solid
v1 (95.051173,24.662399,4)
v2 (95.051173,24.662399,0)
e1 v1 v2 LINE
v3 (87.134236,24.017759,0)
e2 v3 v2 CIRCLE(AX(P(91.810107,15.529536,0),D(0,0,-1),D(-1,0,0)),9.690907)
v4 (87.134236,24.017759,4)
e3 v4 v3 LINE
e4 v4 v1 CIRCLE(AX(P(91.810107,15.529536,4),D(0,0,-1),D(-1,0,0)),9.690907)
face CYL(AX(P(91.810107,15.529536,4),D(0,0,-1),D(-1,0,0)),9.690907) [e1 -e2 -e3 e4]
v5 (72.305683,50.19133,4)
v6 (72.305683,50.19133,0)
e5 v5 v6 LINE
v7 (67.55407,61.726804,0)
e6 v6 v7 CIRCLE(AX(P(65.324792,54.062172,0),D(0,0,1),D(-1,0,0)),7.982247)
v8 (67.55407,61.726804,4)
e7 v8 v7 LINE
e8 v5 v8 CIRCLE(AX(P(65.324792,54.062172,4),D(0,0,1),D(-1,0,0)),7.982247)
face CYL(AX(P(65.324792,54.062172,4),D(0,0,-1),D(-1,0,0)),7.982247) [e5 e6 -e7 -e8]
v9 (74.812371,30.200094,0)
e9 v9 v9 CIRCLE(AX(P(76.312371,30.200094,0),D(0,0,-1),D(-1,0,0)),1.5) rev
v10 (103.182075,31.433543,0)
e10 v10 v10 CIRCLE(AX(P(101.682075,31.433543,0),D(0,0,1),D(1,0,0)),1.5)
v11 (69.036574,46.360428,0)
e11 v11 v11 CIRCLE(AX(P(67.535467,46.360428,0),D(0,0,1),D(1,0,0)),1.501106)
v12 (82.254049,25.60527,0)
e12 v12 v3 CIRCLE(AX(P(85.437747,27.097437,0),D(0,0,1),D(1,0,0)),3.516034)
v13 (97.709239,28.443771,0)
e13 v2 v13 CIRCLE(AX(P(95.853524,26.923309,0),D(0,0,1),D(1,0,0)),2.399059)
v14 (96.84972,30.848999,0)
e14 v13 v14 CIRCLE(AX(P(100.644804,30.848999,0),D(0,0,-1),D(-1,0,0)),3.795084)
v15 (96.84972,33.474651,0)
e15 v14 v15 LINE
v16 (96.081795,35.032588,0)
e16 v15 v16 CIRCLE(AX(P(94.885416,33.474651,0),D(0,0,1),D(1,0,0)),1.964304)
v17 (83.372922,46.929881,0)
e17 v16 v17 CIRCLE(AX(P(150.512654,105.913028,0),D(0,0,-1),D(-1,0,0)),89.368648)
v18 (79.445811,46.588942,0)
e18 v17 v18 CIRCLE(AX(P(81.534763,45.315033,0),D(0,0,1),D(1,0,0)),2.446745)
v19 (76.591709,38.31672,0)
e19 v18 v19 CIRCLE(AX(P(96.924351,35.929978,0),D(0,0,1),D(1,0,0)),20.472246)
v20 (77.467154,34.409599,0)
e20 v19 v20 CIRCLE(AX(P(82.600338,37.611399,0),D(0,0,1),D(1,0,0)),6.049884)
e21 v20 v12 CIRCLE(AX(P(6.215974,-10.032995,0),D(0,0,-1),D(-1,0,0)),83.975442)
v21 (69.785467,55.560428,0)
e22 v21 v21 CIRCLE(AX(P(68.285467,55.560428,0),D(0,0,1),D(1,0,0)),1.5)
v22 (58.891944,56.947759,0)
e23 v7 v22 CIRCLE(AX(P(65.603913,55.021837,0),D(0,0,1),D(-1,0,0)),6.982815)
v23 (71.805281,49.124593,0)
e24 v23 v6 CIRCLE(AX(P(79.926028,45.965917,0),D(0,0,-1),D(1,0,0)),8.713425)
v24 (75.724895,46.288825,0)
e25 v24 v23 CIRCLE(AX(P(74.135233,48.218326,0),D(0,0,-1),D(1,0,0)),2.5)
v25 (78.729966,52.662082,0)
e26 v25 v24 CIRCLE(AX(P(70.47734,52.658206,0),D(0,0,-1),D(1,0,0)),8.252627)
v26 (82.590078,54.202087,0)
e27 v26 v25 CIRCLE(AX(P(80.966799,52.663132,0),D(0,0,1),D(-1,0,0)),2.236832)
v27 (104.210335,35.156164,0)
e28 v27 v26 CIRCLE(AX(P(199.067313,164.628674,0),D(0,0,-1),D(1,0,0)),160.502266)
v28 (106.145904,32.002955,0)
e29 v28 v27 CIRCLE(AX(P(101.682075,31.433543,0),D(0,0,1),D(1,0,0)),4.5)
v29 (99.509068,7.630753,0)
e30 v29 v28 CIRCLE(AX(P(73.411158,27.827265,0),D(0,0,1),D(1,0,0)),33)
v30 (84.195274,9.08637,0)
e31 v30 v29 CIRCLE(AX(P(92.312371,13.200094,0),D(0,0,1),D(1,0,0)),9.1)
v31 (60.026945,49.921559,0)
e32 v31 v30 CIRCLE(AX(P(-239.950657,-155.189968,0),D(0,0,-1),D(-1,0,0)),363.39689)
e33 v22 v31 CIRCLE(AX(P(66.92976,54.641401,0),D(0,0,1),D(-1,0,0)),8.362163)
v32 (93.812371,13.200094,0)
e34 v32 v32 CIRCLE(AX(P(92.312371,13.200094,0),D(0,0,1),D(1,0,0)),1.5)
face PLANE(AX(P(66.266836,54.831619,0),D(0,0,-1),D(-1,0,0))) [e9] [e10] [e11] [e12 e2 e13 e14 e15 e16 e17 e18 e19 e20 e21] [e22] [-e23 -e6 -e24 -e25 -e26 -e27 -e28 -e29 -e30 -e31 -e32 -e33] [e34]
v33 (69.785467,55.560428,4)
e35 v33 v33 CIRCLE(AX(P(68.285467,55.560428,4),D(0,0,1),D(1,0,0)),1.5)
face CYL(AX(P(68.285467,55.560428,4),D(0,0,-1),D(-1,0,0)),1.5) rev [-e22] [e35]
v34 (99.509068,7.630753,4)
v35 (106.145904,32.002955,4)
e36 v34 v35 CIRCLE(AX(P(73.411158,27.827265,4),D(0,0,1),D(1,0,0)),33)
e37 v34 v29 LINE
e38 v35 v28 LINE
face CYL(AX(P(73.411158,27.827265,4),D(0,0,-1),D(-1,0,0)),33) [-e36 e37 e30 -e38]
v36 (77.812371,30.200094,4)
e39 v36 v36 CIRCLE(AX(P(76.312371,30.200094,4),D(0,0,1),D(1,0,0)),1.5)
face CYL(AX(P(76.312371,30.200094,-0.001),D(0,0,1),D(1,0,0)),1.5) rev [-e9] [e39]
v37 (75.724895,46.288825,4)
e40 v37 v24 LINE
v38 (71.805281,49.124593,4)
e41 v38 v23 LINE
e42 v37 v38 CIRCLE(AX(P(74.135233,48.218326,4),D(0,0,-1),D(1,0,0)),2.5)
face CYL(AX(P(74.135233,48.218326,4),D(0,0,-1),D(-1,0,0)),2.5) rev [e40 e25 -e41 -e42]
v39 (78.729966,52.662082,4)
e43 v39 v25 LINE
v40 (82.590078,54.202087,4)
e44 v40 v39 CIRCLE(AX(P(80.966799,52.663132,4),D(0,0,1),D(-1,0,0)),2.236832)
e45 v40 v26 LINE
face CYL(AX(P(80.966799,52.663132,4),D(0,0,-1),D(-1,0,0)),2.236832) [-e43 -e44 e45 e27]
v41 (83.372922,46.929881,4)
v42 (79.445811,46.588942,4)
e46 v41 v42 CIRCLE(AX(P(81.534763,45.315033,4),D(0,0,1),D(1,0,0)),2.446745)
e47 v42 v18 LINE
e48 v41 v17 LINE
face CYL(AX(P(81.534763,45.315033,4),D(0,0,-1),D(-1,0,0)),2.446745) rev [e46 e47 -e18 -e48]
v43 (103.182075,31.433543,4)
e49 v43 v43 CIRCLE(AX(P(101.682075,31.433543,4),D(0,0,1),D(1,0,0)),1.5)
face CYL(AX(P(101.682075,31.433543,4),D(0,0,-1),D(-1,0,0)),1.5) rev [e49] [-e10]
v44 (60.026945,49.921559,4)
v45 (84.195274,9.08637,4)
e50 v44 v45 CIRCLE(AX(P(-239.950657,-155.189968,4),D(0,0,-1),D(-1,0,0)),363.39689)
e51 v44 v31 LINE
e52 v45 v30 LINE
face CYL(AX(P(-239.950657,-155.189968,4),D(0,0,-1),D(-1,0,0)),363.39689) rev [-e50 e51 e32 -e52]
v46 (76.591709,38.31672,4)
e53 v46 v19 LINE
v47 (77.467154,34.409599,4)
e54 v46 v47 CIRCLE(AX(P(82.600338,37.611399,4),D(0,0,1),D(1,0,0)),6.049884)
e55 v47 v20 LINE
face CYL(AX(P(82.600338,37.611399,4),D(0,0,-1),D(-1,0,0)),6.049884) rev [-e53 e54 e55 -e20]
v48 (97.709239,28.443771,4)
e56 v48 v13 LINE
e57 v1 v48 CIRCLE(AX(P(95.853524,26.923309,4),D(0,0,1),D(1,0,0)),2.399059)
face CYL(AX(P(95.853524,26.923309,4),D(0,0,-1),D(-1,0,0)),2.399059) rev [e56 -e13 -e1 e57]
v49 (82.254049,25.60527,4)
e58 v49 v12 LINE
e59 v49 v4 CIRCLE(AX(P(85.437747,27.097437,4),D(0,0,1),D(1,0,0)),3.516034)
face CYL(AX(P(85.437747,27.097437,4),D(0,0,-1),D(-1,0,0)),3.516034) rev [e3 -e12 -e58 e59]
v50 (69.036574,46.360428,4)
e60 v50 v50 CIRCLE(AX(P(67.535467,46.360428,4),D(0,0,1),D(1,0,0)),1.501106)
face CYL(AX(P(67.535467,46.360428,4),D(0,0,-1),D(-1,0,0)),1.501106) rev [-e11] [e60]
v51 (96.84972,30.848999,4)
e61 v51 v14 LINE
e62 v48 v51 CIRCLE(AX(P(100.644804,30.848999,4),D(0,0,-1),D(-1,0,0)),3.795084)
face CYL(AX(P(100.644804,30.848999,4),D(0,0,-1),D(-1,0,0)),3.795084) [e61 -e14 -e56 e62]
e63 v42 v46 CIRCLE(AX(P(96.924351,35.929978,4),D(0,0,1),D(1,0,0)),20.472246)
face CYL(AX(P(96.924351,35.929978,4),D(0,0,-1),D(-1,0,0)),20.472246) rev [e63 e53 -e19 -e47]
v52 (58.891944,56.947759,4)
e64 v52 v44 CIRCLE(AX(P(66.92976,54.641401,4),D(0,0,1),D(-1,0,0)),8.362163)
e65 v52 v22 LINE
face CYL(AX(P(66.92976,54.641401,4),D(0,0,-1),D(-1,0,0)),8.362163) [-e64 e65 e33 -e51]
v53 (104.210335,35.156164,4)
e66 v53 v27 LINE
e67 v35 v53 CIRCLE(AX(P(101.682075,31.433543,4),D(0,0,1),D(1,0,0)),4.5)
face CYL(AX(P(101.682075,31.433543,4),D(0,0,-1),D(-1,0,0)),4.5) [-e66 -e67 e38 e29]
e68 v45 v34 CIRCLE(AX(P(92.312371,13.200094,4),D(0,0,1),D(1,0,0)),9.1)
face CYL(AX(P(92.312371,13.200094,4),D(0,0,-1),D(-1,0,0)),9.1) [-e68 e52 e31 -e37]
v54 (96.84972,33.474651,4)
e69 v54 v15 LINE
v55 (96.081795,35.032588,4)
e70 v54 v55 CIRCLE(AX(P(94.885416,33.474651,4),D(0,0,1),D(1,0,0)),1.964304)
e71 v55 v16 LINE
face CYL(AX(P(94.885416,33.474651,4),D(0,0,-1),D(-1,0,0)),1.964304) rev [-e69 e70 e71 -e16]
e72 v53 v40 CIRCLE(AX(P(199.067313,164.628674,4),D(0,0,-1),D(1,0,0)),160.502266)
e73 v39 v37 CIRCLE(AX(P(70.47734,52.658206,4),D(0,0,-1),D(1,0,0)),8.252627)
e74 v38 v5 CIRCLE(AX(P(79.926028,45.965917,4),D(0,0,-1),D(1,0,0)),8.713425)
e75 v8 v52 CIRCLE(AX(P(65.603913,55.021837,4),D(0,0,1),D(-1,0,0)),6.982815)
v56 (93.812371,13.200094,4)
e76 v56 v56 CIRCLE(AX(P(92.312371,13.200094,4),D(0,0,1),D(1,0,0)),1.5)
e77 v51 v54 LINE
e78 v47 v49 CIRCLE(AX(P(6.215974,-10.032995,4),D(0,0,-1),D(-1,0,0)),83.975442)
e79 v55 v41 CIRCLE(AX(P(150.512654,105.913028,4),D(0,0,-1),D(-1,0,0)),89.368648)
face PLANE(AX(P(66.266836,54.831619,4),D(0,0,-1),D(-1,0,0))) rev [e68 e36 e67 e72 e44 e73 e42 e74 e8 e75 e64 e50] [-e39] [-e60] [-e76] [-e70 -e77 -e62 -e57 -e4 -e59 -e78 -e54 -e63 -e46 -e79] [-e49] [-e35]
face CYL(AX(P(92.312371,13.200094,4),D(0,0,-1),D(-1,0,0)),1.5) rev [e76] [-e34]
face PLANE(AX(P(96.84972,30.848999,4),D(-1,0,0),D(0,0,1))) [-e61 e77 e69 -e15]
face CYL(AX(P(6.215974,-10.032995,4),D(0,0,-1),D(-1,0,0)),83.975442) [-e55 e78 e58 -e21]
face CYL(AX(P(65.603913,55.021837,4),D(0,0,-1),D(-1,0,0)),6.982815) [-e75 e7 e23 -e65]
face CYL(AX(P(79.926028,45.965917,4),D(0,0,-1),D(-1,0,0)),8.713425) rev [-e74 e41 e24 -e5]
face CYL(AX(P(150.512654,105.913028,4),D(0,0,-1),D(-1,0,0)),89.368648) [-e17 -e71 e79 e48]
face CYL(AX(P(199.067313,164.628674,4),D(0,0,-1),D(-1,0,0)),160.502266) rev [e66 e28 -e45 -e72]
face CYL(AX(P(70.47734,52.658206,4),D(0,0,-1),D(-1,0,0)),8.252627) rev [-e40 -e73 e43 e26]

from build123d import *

# Parameters (mm, degrees)
ESQUISSE1_R             = 1.5
ESQUISSE1_R_2           = 1.50110642
BOSS_EXTRU_1_DEPTH      = 4
ENL_V_MAT_EXTRU_1_REACH = 125.223
ESQUISSE2_R             = 1.5


with BuildPart() as part:
    # Esquisse1 → Boss.-Extru.1 (new body)
    with BuildSketch(Plane.XY):
        with BuildLine():
            ThreePointArc((60.026944648, 49.921558504), (72.778337749, 29.898863696), (84.195273994, 9.086369847))
            ThreePointArc((84.195273994, 9.086369847), (91.451273571, 4.140927091), (99.509067829, 7.630753106))
            ThreePointArc((99.509067829, 7.630753106), (105.251720368, 19.156706799), (106.145904128, 32.002955361))
            ThreePointArc((106.145904128, 32.002955361), (105.517176975, 33.787686969), (104.210334733, 35.15616353))
            ThreePointArc((104.210334733, 35.15616353), (92.971958662, 44.192993768), (82.590078147, 54.202087354))
            ThreePointArc((82.590078147, 54.202087354), (80.137934282, 54.740727896), (78.729966346, 52.662081831))
            ThreePointArc((78.729966346, 52.662081831), (77.941811074, 49.138614128), (75.724895458, 46.288824918))
            ThreePointArc((75.724895458, 46.288824918), (72.669831469, 46.192839127), (71.805280587, 49.124593043))
            ThreePointArc((71.805280587, 49.124593043), (72.037430034, 49.666429843), (72.305683245, 50.1913305))
            ThreePointArc((72.305683245, 50.1913305), (72.705414889, 57.102347775), (67.554070479, 61.726804061))
            ThreePointArc((67.554070479, 61.726804061), (62.230705401, 61.135851095), (58.891944342, 56.947758957))
            ThreePointArc((58.891944342, 56.947758957), (58.674610839, 53.307878055), (60.026944648, 49.921558504))
        make_face()
        with Locations((68.285467108, 55.560427953)):
            Circle(ESQUISSE1_R, mode=Mode.SUBTRACT)
        with Locations((101.682075096, 31.433543054)):
            Circle(ESQUISSE1_R, mode=Mode.SUBTRACT)
        with Locations((92.312371453, 13.200094295)):
            Circle(ESQUISSE1_R, mode=Mode.SUBTRACT)
        with Locations((67.535467108, 46.360427953)):
            Circle(ESQUISSE1_R_2, mode=Mode.SUBTRACT)
        with BuildLine():
            Line((96.849719723, 30.848999233), (96.849719723, 33.474650871))
            ThreePointArc((96.849719723, 33.474650871), (96.647309876, 34.343108764), (96.081794601, 35.032587793))
            ThreePointArc((96.081794601, 35.032587793), (89.436975045, 40.671042336), (83.372922141, 46.929880801))
            ThreePointArc((83.372922141, 46.929880801), (81.323140328, 47.752609653), (79.445810973, 46.588941858))
            ThreePointArc((79.445810973, 46.588941858), (77.571604785, 42.607109512), (76.591708968, 38.316720036))
            ThreePointArc((76.591708968, 38.316720036), (76.69683067, 36.288635677), (77.467153905, 34.409598995))
            ThreePointArc((77.467153905, 34.409598995), (79.992055499, 30.078906011), (82.254048976, 25.605270433))
            ThreePointArc((82.254048976, 25.605270433), (84.350090923, 23.753861276), (87.134236378, 24.017758597))
            ThreePointArc((87.134236378, 24.017758597), (91.023623533, 25.188476532), (95.051173024, 24.662398573))
            ThreePointArc((95.051173024, 24.662398573), (97.816197879, 25.543673578), (97.709238653, 28.443771474))
            ThreePointArc((97.709238653, 28.443771474), (97.07105369, 29.571903567), (96.849719723, 30.848999233))
        make_face(mode=Mode.SUBTRACT)
    extrude(amount=BOSS_EXTRU_1_DEPTH)

    # Esquisse2 → Enlèv. mat.-Extru.1 (cut, up to next)
    with BuildSketch(Plane.XY.offset(4), mode=Mode.PRIVATE) as enl_v_mat_extru_1_sk1:
        with Locations((76.312371453, 30.200094295)):
            Circle(ESQUISSE2_R)
    enl_v_mat_extru_1_tool1 = extrude(enl_v_mat_extru_1_sk1.sketch, amount=-ENL_V_MAT_EXTRU_1_REACH, mode=Mode.PRIVATE) & part.part
    add(enl_v_mat_extru_1_tool1.solids().sort_by_distance((76.312371, 30.200094, 4))[0], mode=Mode.SUBTRACT)


solid = part.part
